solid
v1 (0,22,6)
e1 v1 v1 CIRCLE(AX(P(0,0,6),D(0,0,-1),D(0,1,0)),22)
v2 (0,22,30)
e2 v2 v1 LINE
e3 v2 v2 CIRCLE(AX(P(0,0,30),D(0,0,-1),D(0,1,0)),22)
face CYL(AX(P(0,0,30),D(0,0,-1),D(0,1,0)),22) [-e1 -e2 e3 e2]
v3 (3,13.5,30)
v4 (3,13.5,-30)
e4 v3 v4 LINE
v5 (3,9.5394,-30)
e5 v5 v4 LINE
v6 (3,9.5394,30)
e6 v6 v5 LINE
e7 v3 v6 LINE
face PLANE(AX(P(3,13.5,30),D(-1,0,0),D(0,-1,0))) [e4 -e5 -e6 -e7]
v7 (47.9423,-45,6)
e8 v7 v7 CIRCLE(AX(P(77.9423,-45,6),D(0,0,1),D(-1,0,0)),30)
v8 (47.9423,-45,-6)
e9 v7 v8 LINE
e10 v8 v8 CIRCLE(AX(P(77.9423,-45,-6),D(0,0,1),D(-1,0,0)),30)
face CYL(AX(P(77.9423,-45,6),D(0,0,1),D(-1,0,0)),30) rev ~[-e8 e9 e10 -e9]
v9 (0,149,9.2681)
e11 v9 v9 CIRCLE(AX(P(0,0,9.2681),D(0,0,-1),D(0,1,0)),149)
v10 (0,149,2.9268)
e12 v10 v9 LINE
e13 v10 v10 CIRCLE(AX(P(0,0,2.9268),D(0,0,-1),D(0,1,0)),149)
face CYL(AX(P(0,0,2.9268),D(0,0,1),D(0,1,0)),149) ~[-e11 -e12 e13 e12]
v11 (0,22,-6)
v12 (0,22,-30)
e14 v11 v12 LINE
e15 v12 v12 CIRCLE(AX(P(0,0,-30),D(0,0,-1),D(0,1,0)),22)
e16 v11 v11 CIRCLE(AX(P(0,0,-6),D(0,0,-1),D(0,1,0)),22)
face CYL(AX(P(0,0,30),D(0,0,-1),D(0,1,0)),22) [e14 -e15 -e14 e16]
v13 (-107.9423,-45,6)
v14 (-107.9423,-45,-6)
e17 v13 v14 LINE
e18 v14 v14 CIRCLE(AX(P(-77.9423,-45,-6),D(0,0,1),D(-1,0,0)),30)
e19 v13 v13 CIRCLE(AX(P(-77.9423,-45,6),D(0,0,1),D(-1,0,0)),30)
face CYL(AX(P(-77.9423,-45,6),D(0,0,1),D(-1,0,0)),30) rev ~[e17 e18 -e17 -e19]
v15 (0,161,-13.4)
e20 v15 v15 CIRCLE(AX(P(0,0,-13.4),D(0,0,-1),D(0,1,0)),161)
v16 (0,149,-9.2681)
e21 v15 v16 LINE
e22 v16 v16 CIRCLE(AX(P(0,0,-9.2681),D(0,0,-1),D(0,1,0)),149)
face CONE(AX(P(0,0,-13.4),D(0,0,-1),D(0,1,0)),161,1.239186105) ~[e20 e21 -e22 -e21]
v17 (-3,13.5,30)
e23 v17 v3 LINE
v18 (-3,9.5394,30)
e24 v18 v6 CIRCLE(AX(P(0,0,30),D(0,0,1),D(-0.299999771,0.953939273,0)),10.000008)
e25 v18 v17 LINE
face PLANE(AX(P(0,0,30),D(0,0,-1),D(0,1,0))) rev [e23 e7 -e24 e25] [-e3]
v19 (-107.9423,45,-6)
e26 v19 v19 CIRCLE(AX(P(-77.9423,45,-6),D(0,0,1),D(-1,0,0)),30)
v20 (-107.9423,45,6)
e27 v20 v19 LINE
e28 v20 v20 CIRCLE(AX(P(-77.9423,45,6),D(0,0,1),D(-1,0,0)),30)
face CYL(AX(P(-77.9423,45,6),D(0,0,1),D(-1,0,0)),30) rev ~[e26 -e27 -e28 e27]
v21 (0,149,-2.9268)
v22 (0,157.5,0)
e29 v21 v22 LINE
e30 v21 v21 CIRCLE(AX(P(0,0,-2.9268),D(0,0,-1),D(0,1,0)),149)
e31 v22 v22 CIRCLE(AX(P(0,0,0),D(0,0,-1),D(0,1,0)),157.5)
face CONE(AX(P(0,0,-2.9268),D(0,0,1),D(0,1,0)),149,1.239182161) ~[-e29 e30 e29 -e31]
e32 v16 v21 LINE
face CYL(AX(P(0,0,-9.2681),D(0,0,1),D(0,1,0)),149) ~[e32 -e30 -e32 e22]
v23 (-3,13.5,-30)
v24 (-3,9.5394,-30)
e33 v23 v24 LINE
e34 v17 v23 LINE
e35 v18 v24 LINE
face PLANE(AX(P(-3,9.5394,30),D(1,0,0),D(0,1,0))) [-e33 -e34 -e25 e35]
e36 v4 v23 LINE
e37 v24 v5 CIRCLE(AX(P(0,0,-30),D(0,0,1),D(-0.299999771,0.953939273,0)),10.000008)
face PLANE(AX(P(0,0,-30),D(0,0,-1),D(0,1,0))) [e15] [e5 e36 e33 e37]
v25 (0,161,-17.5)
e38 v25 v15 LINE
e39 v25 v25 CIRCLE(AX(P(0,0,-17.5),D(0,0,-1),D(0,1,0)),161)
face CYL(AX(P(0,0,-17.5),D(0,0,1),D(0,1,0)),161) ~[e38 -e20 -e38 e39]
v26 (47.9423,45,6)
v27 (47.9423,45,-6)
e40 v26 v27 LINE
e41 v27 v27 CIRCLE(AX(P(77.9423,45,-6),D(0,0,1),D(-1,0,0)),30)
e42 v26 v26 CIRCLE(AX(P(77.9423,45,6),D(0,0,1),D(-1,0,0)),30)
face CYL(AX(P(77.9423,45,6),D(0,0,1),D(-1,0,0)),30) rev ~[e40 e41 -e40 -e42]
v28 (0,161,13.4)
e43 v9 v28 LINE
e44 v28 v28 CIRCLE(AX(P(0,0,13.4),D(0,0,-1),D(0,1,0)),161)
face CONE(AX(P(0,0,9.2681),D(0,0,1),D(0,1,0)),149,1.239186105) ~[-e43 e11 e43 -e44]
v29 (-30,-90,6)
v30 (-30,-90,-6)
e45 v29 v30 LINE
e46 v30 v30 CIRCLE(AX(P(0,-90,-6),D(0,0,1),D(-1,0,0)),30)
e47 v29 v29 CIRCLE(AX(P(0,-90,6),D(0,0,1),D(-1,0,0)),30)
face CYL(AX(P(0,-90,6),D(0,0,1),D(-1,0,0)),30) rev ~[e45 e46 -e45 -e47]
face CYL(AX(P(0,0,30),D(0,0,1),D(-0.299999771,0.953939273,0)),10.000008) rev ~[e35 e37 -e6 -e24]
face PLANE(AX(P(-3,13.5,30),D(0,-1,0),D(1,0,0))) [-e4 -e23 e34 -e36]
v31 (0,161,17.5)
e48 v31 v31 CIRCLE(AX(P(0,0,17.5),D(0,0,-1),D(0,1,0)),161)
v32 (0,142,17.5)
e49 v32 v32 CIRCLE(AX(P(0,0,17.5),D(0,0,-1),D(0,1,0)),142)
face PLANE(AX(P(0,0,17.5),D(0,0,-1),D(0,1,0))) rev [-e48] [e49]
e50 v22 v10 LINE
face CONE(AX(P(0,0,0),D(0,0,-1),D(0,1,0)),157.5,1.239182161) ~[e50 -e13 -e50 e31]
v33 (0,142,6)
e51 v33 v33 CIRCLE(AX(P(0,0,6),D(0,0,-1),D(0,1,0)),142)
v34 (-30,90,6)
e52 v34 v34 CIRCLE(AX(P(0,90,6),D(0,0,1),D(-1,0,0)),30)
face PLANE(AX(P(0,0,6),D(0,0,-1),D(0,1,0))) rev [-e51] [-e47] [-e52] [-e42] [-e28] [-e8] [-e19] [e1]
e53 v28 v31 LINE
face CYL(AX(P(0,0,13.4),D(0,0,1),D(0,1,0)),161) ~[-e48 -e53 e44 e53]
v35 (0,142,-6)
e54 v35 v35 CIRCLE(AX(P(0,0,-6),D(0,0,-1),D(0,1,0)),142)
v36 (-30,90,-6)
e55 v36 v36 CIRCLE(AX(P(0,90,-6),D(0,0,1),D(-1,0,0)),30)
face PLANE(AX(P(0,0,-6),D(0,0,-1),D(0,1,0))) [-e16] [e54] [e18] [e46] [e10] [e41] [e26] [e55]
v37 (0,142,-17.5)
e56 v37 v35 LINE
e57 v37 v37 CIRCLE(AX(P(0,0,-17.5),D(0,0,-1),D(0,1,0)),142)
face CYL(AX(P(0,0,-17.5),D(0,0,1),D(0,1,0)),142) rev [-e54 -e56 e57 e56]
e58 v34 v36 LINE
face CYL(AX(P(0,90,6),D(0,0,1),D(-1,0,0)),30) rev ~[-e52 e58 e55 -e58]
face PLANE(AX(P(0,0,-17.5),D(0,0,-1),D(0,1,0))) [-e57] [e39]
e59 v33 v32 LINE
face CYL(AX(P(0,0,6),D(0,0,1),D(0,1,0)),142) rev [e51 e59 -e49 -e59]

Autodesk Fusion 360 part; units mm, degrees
sketch "草图1" plane through (0, 0, 0) normal (1, 0, 0) x (0, 1, 0)
  line L0 (0, 90) -> (0, -60) construction
  line L1 (0, 30) -> (22, 30)
  line L2 (22, 30) -> (22, -30)
  line L3 (22, -30) -> (0, -30)
  line L4 (22, 6) -> (142, 6)
  line L5 (142, 6) -> (142, 17.5)
  line L6 (142, 17.5) -> (161, 17.5)
  line L7 (161, -17.5) -> (142, -17.5)
  line L8 (142, -17.5) -> (142, -6)
  line L9 (142, -6) -> (22, -6)
  line L10 (0, 30) -> (0, -30)
  line L11 (-55, 0) -> (190, 0) construction
  line L12 (161, -17.5) -> (161, -13.4)
  line L13 (161, -13.4) -> (149, -9.2681)
  line L14 (149, -9.2681) -> (149, -2.9268)
  line L15 (149, -2.9268) -> (157.5, 0)
  line L16 (157.5, 0) -> (149, 2.9268)
  line L17 (149, 2.9268) -> (149, 9.2681)
  line L18 (149, 9.2681) -> (161, 13.4)
  line L19 (161, 13.4) -> (161, 17.5)
  line L20 (149, -6.0974) -> (142, -6.0974) construction
  line L21 (149, 6.0974) -> (148, 6.0974)
  line L22 (148, 6.0974) -> (142, 6.0974) construction
  point P0 (149, 6.0974)
  point P1 (149, -6.0974)
  dimension "d1" = 22
  dimension "d2" = 60
  dimension "d3" = 12
  dimension "d5" = 161
  dimension "d6" = 157.5
  dimension "d7" = 149
  dimension "d8" = 13.4
  dimension "d9" = 38
  dimension "d10" = 142
  dimension "d11" = 35
revolve "旋转1" add sketch "草图1" angle 360 about axis through (0, 0, 90) along (0, 0, -1)
sketch "草图2" plane through (0, 0, 6) normal (0, 0, 1) x (-1, 0, 0)
  circle A0 centre (0, 0) radius 22
  circle A1 centre (0, 0) radius 142
  circle A2 centre (0, -90) radius 30
  circle A3 centre (77.9423, -45) radius 30
  circle A4 centre (77.9423, 45) radius 30
  circle A5 centre (0, 90) radius 30
  circle A6 centre (-77.9423, 45) radius 30
  circle A7 centre (-77.9423, -45) radius 30
  dimension "d13" = 90
  dimension "d14" = 60
  dimension "d16" = 360
extrude "拉伸1" cut sketch "草图2" against normal blind 90 contours A2 | A3 | A4 | A5 | A6 | A7
sketch "草图3" plane through (0, 0, 30) normal (0, 0, 1) x (-1, 0, 0)
  circle A0 centre (0, 0) radius 22
  line L0 (3, -9.5394) -> (3, -13.5)
  line L1 (3, -13.5) -> (-3, -13.5)
  line L2 (-3, -13.5) -> (-3, -9.5394)
  line L3 (0, -30) -> (0, 30) construction
  arc A1 (3, -9.5394) -> (-3, -9.5394) centre (0, 0) ccw
  dimension "d19" = 6
  dimension "d20" = 20
  dimension "d21" = 23.5
extrude "拉伸2" cut sketch "草图3" against normal blind 110 contours L0 L1 L2 A1
